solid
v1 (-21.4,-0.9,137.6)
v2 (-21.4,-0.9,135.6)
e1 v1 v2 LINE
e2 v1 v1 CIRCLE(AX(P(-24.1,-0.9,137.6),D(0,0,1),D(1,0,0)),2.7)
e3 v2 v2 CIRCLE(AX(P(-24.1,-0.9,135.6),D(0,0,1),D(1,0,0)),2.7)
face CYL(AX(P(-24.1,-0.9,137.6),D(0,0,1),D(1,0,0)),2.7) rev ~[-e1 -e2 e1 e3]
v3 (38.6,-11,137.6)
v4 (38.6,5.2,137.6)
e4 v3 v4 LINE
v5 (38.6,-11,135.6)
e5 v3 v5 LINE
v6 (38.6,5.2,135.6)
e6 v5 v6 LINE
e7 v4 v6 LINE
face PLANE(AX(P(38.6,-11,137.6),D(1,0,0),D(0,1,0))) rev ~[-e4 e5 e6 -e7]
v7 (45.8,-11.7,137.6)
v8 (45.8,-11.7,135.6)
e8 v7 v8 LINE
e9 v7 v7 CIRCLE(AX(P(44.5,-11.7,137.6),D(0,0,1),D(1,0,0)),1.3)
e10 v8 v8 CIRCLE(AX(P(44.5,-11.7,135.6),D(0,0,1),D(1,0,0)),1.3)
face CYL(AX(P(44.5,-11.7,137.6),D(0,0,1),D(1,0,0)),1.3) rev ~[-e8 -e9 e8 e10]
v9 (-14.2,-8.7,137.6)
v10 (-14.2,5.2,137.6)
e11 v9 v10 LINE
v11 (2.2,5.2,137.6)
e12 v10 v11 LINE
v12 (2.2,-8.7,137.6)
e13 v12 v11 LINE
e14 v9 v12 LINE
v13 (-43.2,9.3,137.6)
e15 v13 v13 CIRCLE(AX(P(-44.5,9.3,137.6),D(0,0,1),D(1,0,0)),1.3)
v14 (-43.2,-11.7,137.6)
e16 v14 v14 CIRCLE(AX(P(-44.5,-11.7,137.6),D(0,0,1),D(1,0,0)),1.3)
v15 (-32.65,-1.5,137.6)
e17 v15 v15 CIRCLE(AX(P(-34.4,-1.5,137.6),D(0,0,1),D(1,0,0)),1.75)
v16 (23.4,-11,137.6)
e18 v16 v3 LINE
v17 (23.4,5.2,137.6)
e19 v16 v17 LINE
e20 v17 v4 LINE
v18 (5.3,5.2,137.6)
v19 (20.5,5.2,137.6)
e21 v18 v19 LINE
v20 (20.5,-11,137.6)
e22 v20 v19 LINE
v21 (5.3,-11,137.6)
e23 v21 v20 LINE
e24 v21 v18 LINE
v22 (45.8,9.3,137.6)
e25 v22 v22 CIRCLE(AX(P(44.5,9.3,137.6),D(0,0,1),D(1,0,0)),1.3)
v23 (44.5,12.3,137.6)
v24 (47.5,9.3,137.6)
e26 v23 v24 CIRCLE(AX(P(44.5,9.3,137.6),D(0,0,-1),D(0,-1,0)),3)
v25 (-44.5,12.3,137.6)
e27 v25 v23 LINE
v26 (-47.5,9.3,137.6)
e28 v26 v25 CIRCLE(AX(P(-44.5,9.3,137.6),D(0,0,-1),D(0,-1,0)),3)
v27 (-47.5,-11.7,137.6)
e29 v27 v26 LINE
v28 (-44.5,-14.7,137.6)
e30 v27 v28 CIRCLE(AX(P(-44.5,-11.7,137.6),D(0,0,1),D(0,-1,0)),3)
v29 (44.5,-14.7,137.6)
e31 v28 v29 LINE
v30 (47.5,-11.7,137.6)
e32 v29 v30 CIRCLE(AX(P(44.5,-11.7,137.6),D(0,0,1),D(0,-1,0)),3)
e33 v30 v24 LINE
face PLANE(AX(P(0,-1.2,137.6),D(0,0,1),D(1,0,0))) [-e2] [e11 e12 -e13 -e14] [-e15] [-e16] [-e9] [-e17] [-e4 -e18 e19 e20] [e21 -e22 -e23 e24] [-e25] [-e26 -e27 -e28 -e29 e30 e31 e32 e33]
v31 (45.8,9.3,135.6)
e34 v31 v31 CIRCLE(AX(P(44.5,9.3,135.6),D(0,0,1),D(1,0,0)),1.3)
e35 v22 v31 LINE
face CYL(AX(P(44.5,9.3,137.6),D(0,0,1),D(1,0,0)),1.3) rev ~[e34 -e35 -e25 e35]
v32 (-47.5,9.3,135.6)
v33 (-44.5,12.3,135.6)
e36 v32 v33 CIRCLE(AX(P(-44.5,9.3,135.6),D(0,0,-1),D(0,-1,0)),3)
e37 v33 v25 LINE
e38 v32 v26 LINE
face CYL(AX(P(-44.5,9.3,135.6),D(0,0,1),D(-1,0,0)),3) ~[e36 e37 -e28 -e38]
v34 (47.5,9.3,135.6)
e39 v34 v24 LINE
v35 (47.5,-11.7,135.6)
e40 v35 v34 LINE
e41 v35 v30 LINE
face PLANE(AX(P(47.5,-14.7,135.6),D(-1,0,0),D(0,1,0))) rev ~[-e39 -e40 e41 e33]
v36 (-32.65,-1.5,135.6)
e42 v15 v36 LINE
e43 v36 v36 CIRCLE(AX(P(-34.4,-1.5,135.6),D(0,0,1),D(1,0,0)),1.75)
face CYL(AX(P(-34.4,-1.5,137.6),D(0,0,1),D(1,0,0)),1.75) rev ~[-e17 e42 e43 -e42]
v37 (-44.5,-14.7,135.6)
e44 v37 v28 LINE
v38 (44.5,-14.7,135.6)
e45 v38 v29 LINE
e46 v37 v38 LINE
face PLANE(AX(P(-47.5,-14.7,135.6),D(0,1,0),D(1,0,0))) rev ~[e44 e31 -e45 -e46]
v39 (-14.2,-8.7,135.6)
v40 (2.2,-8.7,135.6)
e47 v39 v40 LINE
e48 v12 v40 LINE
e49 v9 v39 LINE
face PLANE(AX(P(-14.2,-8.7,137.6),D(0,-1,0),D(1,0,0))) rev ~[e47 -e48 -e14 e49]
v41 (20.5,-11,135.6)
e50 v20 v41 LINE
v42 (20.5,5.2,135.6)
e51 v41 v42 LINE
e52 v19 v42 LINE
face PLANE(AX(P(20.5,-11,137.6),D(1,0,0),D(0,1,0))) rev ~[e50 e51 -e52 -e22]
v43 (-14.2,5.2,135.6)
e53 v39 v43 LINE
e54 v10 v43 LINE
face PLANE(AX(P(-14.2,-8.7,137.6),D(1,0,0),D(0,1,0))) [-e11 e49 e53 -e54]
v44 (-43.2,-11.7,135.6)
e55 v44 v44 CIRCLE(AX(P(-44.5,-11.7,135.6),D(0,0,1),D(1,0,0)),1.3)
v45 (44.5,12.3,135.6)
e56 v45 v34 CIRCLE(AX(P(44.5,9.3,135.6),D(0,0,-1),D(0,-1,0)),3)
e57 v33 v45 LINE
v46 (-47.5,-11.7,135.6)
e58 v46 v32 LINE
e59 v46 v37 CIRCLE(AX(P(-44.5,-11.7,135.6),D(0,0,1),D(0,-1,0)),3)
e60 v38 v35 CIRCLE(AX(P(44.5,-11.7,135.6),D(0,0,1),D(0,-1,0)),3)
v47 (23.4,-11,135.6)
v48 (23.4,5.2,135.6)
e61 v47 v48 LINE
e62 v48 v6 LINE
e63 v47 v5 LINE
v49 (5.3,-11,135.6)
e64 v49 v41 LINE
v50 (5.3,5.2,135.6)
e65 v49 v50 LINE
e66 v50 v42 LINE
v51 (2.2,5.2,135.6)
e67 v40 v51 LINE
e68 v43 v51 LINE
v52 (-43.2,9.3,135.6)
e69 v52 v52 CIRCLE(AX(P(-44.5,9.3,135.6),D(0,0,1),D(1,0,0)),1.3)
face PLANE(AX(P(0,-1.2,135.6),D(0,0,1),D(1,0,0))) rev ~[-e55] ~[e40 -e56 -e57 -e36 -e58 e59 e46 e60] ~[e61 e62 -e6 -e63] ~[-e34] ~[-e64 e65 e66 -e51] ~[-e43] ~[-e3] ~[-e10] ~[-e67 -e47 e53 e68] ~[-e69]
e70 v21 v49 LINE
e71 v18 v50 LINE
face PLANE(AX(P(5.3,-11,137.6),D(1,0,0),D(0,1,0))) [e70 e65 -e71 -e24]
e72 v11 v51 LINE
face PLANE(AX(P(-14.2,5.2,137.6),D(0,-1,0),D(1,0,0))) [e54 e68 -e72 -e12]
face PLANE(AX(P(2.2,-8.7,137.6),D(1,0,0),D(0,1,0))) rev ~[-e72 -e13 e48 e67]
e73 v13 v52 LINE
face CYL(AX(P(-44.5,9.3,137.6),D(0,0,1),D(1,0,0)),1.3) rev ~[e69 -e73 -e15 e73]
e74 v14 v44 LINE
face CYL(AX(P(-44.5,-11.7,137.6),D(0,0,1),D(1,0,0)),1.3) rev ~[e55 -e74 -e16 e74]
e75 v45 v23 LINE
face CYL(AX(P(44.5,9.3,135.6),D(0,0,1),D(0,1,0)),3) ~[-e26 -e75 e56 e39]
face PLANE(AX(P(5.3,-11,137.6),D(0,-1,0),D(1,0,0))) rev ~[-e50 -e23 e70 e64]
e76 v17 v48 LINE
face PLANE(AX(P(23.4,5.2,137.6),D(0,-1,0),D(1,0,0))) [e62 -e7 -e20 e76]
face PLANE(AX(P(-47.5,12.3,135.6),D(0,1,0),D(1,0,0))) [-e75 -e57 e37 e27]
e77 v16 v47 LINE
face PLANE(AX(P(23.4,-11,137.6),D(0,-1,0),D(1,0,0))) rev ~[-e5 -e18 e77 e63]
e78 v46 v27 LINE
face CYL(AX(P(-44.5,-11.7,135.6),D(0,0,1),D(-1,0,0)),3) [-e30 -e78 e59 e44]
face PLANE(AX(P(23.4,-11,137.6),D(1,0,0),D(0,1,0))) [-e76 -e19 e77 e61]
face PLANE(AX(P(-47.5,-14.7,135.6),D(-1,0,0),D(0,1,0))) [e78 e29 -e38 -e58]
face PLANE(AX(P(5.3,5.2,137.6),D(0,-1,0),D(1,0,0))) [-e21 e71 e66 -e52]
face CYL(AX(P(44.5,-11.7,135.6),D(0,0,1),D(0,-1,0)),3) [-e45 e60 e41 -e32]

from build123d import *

# Parameters (mm, degrees)
SKETCH010_W     = 95
SKETCH010_H     = 27
PAD004_DEPTH    = 2
SKETCH011_R     = 1.3
POCKET006_DEPTH = 2
FILLET004_R     = 3
SKETCH012_R     = 1.75
SKETCH012_R_2   = 2.7
POCKET007_DEPTH = 2
SKETCH013_W     = 15.2
SKETCH013_H     = 16.2
SKETCH013_W_2   = 16.4
SKETCH013_H_2   = 13.9
POCKET008_DEPTH = 2


with BuildPart() as part:
    # Sketch010 → Pad004 (new body)
    with BuildSketch(Plane.XY):
        Rectangle(SKETCH010_W, SKETCH010_H)
    extrude(amount=PAD004_DEPTH)

    # Sketch011 (on Face6 of Pad004) → Pocket006 (cut)
    with BuildSketch(Plane.XY.offset(2)):
        with Locations((-44.5, 10.5)):
            Circle(SKETCH011_R)
        with Locations((44.5, 10.5)):
            Circle(SKETCH011_R)
        with Locations((44.5, -10.5)):
            Circle(SKETCH011_R)
        with Locations((-44.5, -10.5)):
            Circle(SKETCH011_R)
    extrude(amount=-POCKET006_DEPTH, mode=Mode.SUBTRACT)

    # Fillet004
    fillet004_edges = [part.edges().sort_by_distance(p)[0] for p in [
        (-47.5, -13.5, 1),
        (47.5, -13.5, 1),
        (47.5, 13.5, 1),
        (-47.5, 13.5, 1),
    ]]
    fillet(fillet004_edges, radius=FILLET004_R)

    # Sketch012 (on Face5 of Fillet004) → Pocket007 (cut)
    with BuildSketch(Plane.XY.offset(2)):
        with Locations((-34.4, -0.3)):
            Circle(SKETCH012_R)
        with Locations((-24.1, 0.3)):
            Circle(SKETCH012_R_2)
    extrude(amount=-POCKET007_DEPTH, mode=Mode.SUBTRACT)

    # Sketch013 (on Face5 of Pocket007) → Pocket008 (cut)
    with BuildSketch(Plane.XY.offset(2)):
        with Locations((12.9, -1.7)):
            Rectangle(SKETCH013_W, SKETCH013_H)
        with Locations((31, -1.7)):
            Rectangle(SKETCH013_W, SKETCH013_H)
        with Locations((-6, -0.55)):
            Rectangle(SKETCH013_W_2, SKETCH013_H_2)
    extrude(amount=-POCKET008_DEPTH, mode=Mode.SUBTRACT)


with BuildPart() as part_1:
    # Body003 placement: moved
    add(part.part.moved(Location((0, -1.2, 135.6))))


solid = part_1.part
